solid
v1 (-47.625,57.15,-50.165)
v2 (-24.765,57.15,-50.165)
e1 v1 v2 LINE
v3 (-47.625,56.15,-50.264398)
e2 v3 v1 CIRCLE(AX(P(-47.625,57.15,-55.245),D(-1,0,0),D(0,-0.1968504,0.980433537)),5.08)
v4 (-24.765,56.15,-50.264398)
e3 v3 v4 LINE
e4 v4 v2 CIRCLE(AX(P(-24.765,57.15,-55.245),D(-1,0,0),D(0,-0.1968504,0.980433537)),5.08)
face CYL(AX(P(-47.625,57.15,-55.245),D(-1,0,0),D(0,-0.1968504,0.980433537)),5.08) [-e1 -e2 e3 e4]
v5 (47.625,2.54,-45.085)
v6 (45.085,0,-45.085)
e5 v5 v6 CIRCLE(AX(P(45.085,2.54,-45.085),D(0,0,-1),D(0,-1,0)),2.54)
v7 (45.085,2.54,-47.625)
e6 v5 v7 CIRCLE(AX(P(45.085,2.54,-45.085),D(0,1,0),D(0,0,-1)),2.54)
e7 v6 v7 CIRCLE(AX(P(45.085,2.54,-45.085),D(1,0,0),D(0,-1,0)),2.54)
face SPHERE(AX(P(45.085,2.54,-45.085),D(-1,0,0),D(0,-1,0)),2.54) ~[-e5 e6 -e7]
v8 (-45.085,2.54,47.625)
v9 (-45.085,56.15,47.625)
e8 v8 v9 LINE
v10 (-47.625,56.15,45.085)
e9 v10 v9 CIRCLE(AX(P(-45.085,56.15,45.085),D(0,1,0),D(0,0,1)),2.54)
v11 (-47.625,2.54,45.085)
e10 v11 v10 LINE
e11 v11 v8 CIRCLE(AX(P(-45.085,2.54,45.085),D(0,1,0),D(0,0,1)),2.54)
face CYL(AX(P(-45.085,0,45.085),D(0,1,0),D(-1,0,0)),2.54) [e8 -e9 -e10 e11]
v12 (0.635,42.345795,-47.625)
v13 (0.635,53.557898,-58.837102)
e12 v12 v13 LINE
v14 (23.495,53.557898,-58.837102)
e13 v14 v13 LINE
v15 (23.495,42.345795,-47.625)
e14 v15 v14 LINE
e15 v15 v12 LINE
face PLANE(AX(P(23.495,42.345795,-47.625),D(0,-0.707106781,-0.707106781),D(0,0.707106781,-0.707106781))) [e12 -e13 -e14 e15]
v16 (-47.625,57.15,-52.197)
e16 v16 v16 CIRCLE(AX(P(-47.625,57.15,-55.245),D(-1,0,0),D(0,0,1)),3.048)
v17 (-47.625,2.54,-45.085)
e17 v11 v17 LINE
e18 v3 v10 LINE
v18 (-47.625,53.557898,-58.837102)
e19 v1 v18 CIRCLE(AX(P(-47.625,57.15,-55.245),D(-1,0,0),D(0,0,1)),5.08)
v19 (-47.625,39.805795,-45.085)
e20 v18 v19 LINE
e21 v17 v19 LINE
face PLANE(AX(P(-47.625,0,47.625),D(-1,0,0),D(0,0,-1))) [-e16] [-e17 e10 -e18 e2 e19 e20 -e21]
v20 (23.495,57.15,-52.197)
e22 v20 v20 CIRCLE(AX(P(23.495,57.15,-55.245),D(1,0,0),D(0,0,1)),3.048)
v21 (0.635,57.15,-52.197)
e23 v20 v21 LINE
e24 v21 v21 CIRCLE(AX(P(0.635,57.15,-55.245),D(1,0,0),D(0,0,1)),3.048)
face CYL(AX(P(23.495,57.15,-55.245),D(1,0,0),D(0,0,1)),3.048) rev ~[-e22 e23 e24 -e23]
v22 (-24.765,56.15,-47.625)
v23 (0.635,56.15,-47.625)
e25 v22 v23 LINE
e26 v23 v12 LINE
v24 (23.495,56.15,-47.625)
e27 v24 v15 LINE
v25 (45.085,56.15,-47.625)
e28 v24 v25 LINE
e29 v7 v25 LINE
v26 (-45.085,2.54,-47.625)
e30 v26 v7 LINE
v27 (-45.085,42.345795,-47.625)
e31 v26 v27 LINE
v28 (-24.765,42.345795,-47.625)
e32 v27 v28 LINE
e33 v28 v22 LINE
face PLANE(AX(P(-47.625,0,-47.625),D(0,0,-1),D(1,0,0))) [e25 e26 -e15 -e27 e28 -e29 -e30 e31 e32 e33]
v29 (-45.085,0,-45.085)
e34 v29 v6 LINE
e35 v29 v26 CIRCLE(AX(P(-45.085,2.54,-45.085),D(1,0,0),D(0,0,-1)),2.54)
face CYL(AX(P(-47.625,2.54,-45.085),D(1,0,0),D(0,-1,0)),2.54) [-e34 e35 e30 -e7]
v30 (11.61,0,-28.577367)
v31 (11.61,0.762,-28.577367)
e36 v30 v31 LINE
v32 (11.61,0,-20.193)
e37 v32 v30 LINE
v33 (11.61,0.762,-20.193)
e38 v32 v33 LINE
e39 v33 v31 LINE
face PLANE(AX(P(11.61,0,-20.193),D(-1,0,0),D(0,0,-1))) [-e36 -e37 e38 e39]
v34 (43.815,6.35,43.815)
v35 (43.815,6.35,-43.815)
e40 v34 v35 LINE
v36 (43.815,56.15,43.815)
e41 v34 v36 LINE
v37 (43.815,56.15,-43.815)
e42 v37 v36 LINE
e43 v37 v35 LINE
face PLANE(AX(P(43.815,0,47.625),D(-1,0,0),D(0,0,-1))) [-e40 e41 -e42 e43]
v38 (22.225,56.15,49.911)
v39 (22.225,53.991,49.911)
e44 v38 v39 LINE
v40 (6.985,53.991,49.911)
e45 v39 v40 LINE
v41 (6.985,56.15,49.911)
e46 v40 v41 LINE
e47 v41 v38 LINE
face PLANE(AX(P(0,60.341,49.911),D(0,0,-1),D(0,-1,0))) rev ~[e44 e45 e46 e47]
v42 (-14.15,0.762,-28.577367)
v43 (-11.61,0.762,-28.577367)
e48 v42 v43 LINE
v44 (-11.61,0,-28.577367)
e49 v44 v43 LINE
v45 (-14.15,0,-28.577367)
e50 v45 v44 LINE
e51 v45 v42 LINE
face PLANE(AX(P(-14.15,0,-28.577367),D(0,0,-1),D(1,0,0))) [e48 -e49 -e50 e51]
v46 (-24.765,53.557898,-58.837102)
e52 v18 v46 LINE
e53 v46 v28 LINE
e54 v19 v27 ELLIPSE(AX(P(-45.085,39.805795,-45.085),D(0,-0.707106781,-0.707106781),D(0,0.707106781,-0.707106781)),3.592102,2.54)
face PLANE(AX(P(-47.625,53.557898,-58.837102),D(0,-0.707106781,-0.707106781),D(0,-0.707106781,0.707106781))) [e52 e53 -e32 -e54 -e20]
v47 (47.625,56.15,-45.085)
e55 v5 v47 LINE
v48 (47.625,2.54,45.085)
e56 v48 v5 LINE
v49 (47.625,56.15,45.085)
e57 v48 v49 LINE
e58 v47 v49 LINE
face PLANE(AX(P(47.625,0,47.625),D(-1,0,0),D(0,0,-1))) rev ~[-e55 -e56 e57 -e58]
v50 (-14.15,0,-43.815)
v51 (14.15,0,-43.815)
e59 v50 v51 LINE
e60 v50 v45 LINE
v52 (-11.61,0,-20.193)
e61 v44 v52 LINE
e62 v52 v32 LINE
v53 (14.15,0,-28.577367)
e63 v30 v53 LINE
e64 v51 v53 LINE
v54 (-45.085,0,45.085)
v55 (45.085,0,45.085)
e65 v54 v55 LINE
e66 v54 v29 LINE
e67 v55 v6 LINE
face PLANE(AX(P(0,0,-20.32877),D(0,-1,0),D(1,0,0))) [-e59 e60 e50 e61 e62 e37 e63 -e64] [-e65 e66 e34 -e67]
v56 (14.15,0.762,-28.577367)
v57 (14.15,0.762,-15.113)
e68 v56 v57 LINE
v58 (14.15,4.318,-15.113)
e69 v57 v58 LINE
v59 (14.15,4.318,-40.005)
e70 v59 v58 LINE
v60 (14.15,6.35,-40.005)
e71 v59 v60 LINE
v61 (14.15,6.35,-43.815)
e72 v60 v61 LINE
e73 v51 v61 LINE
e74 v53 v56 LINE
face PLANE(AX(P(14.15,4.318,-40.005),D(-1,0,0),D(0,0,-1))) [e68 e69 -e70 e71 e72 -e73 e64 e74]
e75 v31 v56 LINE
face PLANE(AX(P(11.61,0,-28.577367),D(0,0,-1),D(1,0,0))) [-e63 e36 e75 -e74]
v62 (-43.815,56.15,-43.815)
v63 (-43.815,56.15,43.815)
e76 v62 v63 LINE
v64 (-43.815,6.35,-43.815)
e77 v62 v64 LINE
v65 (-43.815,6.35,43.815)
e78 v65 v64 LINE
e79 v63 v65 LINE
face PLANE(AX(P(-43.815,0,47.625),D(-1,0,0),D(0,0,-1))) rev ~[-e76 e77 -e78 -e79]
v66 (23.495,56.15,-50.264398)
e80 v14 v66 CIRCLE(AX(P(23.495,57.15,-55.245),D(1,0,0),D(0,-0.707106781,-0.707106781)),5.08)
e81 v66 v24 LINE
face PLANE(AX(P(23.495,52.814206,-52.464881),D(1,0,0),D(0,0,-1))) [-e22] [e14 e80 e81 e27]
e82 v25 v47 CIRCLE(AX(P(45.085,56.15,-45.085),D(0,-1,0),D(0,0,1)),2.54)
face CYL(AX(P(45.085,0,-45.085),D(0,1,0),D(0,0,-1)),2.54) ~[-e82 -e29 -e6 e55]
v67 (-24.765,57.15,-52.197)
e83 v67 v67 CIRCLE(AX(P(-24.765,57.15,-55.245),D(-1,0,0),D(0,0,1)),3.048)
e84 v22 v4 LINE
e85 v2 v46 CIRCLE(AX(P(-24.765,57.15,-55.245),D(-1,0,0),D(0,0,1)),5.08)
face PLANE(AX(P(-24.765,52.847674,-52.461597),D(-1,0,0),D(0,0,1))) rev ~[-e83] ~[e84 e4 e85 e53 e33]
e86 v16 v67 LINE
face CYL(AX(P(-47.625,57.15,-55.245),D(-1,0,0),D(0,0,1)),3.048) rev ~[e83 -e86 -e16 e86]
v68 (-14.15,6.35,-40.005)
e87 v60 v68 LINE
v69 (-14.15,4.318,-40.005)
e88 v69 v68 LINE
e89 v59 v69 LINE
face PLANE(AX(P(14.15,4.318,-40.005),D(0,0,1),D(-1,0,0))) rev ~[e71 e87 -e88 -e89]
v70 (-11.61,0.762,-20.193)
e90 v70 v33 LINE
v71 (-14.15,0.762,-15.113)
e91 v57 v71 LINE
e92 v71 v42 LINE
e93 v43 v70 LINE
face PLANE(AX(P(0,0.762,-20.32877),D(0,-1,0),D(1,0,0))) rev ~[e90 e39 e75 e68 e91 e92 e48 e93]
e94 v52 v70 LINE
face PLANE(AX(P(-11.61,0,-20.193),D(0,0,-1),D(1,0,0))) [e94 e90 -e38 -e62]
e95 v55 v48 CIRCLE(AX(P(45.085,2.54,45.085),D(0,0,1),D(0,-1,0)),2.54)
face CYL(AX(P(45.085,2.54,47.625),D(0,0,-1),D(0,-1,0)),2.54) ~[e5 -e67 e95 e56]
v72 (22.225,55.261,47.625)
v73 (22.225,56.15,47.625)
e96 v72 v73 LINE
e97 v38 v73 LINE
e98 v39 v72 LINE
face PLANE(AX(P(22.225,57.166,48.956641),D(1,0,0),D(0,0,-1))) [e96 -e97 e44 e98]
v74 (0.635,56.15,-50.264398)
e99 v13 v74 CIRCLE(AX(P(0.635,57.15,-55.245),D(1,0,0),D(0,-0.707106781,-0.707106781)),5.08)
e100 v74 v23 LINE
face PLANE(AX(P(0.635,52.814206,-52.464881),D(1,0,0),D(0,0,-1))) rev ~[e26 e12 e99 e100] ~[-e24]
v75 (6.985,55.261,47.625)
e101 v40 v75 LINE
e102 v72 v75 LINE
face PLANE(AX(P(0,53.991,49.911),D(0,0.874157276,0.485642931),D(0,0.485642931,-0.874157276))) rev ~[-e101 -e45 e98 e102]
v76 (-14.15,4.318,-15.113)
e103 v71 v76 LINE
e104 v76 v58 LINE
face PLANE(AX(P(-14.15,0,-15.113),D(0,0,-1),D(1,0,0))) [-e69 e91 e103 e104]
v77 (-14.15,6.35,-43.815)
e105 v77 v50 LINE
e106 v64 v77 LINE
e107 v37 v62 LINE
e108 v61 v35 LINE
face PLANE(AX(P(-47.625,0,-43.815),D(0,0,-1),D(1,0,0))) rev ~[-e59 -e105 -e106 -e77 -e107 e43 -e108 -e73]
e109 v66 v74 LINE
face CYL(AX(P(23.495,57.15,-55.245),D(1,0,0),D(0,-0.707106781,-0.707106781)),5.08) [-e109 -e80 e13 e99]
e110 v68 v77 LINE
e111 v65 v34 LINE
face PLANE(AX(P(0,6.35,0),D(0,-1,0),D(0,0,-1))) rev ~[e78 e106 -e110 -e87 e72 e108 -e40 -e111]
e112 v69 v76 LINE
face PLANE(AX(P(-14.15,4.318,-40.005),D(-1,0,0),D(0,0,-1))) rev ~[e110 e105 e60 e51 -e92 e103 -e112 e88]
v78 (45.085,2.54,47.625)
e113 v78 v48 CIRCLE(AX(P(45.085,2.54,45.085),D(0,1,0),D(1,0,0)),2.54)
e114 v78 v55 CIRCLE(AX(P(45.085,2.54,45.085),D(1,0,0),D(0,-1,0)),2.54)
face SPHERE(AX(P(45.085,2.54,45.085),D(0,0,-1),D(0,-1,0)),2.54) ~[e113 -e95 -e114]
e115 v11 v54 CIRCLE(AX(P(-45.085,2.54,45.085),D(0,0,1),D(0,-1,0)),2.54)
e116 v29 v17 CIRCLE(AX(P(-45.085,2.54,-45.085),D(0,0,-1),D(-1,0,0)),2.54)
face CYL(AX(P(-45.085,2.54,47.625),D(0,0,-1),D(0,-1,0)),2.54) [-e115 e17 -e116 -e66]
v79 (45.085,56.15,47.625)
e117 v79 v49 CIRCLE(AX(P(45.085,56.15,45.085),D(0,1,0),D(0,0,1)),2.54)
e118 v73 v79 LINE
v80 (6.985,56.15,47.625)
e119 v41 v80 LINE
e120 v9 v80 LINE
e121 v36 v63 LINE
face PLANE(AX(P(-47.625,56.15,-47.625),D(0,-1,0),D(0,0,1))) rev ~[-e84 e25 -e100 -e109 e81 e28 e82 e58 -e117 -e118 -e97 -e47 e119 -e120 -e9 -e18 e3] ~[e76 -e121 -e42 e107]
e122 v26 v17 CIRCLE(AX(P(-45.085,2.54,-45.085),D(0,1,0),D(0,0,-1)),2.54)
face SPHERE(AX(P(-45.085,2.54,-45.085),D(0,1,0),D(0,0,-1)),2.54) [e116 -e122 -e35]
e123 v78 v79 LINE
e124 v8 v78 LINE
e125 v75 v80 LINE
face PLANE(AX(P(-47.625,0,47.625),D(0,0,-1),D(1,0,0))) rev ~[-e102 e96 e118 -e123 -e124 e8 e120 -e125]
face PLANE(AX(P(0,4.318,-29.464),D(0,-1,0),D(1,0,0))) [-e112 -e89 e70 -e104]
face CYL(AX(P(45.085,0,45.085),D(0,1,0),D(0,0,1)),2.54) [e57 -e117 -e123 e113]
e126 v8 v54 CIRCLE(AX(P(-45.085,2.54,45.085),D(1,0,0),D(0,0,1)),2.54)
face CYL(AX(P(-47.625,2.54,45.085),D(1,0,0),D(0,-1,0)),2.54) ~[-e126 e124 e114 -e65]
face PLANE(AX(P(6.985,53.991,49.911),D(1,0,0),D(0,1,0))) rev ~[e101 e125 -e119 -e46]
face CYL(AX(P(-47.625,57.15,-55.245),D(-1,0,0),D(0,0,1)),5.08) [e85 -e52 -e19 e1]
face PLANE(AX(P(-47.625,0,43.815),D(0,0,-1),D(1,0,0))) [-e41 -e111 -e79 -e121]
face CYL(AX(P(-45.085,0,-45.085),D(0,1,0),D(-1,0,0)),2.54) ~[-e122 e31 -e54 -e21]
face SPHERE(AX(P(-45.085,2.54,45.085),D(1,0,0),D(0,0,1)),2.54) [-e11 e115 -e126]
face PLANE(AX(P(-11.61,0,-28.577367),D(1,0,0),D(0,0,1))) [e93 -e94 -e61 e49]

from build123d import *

# Parameters (mm, degrees)
SKETCH1_W                 = 95.25
SKETCH1_H                 = 95.25
BOSS_EXTRUDE1_DEPTH       = 57.15
SHELL1_T                  = -3.81
SHELL1_THICKNESS_2_FACE_W = 87.63
SHELL1_THICKNESS_2_FACE_H = 87.63
SHELL1_THICKNESS_2_DEPTH  = 2.54
SKETCH2_R                 = 3.048
BOSS_EXTRUDE2_DEPTH       = 22.86
BOSS_EXTRUDE3_START       = -46.99
SKETCH5_R                 = 3.048
BOSS_EXTRUDE3_DEPTH       = 22.86
SKETCH2_3_W               = 95.25
SKETCH2_3_H               = 1.000000032
CUT_EXTRUDE1_DEPTH        = 129.779816062
SKETCH6_W                 = 28.300000042
SKETCH6_H                 = 28.702
CUT_EXTRUDE2_DEPTH        = 4.318
SKETCH7_W                 = 28.300000042
SKETCH7_H                 = 3.81
CUT_EXTRUDE3_DEPTH        = 3.81
BOSS_EXTRUDE4_DEPTH       = 0.762
FILLET1_R                 = 2.54
BOSS_EXTRUDE7_START       = -47.625
BOSS_EXTRUDE7_DEPTH       = 22.225
SKETCH17_OUTSIDE_W        = 128.934
SKETCH17_OUTSIDE_H        = 95.914
SKETCH17_OUTSIDE_W_2      = 15.24
SKETCH17_OUTSIDE_H_2      = 2.159
CUT_EXTRUDE18_DEPTH       = 2.286


with BuildPart() as part:
    # Sketch1 → Boss-Extrude1 (new body)
    with BuildSketch(Plane(origin=(0, 0, 0), x_dir=(1, 0, 0), z_dir=(0, 1, 0))):
        Rectangle(SKETCH1_W, SKETCH1_H)
    extrude(amount=BOSS_EXTRUDE1_DEPTH)

    # Shell1
    shell1_openings = [part.faces().sort_by_distance(p)[0] for p in [
        (0, 57.15, 0),
    ]]
    offset(amount=SHELL1_T, openings=shell1_openings, kind=Kind.INTERSECTION)

    # Shell1 thickness 2 face (on inner face of the shell) → Shell1 thickness 2 (add)
    with BuildSketch(Plane(origin=(0, 3.81, 0), x_dir=(0, 0, -1), z_dir=(0, -1, 0))):
        Rectangle(SHELL1_THICKNESS_2_FACE_W, SHELL1_THICKNESS_2_FACE_H)
    extrude(amount=-SHELL1_THICKNESS_2_DEPTH)

    # Sketch2 → Boss-Extrude2 (add)
    with BuildSketch(Plane.ZY.offset(47.625)):
        with BuildLine():
            ThreePointArc((-50.165, 57.15), (-57.189031836, 61.843308025), (-58.837102448, 53.557897552))
            Line((-58.837102448, 53.557897552), (-47.625, 42.345795103))
            Line((-47.625, 42.345795103), (-47.625, 56.149999968))
            Line((-47.625, 56.149999968), (-50.264397633, 56.149999968))
            ThreePointArc((-50.264397633, 56.149999968), (-50.189910484, 56.647536083), (-50.165, 57.15))
        make_face()
        with Locations((-55.245, 57.15)):
            Circle(SKETCH2_R, mode=Mode.SUBTRACT)
    extrude(amount=-BOSS_EXTRUDE2_DEPTH)

    # Sketch5 → Boss-Extrude3 (add)
    with BuildSketch(Plane(origin=(47.625, 0, 0), x_dir=(0, 0, -1), z_dir=(1, 0, 0)).offset(BOSS_EXTRUDE3_START)):
        with BuildLine():
            Line((47.625, 56.149999968), (47.625, 42.345795103))
            Line((47.625, 42.345795103), (58.837102448, 53.557897552))
            ThreePointArc((58.837102448, 53.557897552), (56.715282878, 62.012578355), (50.264397633, 56.149999968))
            Line((50.264397633, 56.149999968), (47.625, 56.149999968))
        make_face()
        with Locations((55.245, 57.15)):
            Circle(SKETCH5_R, mode=Mode.SUBTRACT)
    extrude(amount=BOSS_EXTRUDE3_DEPTH)

    # Sketch2_3 → Cut-Extrude1 (cut, through all)
    with BuildSketch(Plane.ZY.offset(47.625)):
        with Locations((0, 56.649999984)):
            Rectangle(SKETCH2_3_W, SKETCH2_3_H)
    extrude(amount=-CUT_EXTRUDE1_DEPTH, mode=Mode.SUBTRACT)

    # Sketch6 → Cut-Extrude2 (cut)
    with BuildSketch(Plane.XZ):
        with Locations((0, -29.464)):
            Rectangle(SKETCH6_W, SKETCH6_H)
    extrude(amount=-CUT_EXTRUDE2_DEPTH, mode=Mode.SUBTRACT)

    # Sketch7 → Cut-Extrude3 (cut)
    with BuildSketch(Plane(origin=(0, 4.318, 0), x_dir=(-1, 0, 0), z_dir=(0, -1, 0))):
        with Locations((0, 41.91)):
            Rectangle(SKETCH7_W, SKETCH7_H)
    extrude(amount=-CUT_EXTRUDE3_DEPTH, mode=Mode.SUBTRACT)

    # Sketch8 → Boss-Extrude4 (add)
    with BuildSketch(Plane.XZ):
        Polygon((-11.610000021, -15.113), (-14.150000021, -15.113), (-14.150000021, -20.595), (-14.150000021, -28.57736709), (-11.610000021, -28.57736709), (-11.610000021, -20.193), (11.610000021, -20.193), (11.610000021, -28.57736709), (14.150000021, -28.57736709), (14.150000021, -20.595), (14.150000021, -15.113), (11.610000021, -15.113), align=None)
    extrude(amount=-BOSS_EXTRUDE4_DEPTH)

    # Fillet1
    fillet1_edges = [part.edges().sort_by_distance(p)[0] for p in [
        (-47.625, 0, 0),
        (47.625, 0, 0),
        (0, 0, -47.625),
        (47.625, 28.074999984, -47.625),
        (-47.625, 21.172897552, -47.625),
        (47.625, 28.074999984, 47.625),
        (-47.625, 28.074999984, 47.625),
        (0, 0, 47.625),
    ]]
    fillet(fillet1_edges, radius=FILLET1_R)

    # Sketch13 → Boss-Extrude7 (add, symmetric)
    with BuildSketch(Plane.ZY.offset(47.625).offset(BOSS_EXTRUDE7_START)):
        Polygon((47.625, 55.260999968), (47.625, 59.070999968), (49.911, 60.340999968), (49.911, 53.990999968), align=None)
    extrude(amount=BOSS_EXTRUDE7_DEPTH, both=True)

    # Sketch17 outside → Cut-Extrude18 (cut)
    with BuildSketch(Plane.XY.offset(49.911)):
        with Locations((0, 31.115)):
            Rectangle(SKETCH17_OUTSIDE_W, SKETCH17_OUTSIDE_H)
        with Locations((14.605, 55.070499968)):
            Rectangle(SKETCH17_OUTSIDE_W_2, SKETCH17_OUTSIDE_H_2, mode=Mode.SUBTRACT)
    extrude(amount=-CUT_EXTRUDE18_DEPTH, mode=Mode.SUBTRACT)


solid = part.part
